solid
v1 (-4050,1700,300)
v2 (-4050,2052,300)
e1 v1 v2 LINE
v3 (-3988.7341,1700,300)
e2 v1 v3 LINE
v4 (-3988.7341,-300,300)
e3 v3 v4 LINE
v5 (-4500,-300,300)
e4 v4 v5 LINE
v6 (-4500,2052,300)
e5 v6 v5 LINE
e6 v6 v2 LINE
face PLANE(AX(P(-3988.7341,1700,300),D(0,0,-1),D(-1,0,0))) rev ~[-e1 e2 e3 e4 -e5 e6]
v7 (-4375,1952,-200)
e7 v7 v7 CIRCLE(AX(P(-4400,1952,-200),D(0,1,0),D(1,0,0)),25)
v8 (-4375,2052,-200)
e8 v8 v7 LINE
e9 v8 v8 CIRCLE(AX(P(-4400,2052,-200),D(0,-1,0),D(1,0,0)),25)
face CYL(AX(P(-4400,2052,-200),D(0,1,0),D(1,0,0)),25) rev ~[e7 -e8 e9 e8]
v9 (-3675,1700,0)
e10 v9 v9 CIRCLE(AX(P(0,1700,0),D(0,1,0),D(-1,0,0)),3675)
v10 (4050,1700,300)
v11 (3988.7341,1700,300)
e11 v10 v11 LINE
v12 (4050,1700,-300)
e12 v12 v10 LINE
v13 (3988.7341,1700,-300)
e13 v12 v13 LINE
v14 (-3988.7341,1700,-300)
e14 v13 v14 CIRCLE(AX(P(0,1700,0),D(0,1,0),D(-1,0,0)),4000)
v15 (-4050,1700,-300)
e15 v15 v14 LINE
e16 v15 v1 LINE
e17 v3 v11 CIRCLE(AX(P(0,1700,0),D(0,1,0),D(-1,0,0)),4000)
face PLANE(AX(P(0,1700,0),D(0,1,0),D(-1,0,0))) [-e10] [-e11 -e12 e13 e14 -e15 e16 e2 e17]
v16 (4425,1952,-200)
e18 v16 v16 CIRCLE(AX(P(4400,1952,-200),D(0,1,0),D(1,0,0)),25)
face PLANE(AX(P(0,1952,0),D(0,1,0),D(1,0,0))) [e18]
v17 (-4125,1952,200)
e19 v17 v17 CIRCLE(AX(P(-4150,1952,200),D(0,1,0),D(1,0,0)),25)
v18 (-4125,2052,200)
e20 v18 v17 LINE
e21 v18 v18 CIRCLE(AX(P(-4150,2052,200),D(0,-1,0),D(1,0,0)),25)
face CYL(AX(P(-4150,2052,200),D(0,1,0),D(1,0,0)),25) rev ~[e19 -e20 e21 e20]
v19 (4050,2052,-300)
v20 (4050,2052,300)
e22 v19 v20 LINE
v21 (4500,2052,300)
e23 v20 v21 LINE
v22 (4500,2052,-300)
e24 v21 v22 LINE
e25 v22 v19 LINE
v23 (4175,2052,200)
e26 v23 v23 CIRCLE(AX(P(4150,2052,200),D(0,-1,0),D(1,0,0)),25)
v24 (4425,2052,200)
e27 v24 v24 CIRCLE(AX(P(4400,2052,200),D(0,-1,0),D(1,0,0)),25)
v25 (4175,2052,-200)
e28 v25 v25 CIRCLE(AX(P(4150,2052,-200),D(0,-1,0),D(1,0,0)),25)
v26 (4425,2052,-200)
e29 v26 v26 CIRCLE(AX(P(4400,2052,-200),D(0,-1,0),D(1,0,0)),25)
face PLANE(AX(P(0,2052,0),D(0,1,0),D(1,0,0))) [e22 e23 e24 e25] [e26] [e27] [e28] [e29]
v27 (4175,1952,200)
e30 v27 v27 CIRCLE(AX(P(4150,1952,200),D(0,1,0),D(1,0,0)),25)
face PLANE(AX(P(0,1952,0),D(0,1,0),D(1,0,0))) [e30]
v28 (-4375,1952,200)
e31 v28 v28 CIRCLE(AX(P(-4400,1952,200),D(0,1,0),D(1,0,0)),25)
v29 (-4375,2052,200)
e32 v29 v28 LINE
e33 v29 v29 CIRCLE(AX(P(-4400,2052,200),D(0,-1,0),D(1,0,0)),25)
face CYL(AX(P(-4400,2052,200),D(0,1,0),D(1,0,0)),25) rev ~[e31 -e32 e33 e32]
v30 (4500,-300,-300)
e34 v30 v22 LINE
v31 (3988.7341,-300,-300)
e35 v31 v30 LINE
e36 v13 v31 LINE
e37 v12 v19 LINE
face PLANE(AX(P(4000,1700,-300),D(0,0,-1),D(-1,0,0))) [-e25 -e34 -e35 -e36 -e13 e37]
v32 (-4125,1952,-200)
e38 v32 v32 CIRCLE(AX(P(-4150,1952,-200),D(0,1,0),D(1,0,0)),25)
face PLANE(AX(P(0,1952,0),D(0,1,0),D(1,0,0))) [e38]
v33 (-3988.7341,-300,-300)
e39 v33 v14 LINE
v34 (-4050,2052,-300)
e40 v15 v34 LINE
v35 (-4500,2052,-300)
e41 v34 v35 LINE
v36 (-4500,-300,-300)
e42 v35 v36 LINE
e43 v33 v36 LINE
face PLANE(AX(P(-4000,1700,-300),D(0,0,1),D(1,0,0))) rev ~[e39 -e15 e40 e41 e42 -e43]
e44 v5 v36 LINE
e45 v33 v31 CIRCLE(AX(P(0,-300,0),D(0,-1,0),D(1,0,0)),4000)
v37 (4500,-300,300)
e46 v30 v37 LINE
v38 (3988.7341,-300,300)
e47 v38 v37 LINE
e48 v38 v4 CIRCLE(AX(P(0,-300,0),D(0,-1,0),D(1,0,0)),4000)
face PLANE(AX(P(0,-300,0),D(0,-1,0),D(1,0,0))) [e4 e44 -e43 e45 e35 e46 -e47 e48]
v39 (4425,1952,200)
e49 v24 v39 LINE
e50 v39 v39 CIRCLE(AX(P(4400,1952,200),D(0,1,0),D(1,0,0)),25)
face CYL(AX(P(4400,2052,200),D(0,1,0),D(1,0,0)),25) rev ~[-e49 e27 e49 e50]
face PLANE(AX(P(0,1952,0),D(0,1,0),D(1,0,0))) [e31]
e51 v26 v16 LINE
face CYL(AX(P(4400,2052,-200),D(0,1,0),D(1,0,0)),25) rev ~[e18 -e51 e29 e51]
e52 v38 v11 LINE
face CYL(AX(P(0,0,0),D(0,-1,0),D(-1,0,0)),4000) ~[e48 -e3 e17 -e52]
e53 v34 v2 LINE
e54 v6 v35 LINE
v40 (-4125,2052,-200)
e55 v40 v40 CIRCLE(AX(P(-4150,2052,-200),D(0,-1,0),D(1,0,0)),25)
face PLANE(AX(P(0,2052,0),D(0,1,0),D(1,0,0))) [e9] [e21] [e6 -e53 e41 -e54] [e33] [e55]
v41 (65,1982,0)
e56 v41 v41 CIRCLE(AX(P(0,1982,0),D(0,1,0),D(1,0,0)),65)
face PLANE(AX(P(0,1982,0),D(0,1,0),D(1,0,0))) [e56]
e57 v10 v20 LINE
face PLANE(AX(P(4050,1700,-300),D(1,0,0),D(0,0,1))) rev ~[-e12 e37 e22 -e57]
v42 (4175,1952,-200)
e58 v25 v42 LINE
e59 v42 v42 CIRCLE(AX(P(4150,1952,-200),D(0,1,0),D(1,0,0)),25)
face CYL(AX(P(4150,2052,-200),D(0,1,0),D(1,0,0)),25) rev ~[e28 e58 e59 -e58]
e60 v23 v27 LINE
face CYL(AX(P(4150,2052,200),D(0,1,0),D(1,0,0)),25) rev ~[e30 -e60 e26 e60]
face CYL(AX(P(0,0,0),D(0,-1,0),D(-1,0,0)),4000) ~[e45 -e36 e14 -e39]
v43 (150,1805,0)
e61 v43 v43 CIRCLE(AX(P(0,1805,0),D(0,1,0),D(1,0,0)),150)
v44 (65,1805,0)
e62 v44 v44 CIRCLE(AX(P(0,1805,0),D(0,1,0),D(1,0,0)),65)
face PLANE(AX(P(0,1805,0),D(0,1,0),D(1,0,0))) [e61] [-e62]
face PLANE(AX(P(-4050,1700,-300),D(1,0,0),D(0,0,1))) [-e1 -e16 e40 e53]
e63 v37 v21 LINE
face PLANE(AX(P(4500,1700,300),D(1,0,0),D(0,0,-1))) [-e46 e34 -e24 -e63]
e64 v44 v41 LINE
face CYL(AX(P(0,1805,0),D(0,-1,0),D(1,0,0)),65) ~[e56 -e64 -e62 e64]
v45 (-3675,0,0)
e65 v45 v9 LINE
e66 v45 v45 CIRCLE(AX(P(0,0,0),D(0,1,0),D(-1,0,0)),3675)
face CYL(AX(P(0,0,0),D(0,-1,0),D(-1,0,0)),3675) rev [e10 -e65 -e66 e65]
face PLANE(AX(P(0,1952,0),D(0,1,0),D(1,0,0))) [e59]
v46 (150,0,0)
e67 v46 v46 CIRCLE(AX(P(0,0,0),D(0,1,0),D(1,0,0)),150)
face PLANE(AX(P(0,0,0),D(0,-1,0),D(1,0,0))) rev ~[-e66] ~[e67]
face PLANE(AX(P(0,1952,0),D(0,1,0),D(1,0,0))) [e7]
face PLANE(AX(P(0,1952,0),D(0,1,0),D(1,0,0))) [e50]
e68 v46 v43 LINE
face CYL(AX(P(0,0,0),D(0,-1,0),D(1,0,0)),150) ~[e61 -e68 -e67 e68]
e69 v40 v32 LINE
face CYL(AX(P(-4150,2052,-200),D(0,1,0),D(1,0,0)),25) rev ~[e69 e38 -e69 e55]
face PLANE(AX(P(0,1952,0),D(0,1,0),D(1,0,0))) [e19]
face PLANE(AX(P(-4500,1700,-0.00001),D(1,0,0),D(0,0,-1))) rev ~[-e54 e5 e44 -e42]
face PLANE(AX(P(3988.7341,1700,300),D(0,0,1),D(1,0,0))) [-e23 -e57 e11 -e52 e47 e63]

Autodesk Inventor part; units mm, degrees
ref_plane "YZ Plane" through (0, 0, 0) normal (1, 0, 0) x (0, 1, 0)
ref_plane "XZ Plane" through (0, 0, 0) normal (0, 1, 0) x (-1, 0, 0)
ref_plane "XY Plane" through (0, 0, 0) normal (0, 0, 1) x (1, 0, 0)
sketch "Sketch1" plane through (0, 0, 0) normal (0, 1, 0) x (-1, 0, 0)
  circle A0 centre (0, 0) radius 4000 construction
  circle A1 centre (0, 0) radius 4000
  circle A2 centre (0, 0) radius 3675
  dimension "d0" = 8000
  dimension "d29" = 7350
  dimension "d30" = 8000
extrude "Extrusion1" add sketch "Sketch1" along normal blind 1700
sketch "Sketch5" plane through (0, 0, 0) normal (0, -1, 0) x (1, 0, 0)
  circle A0 centre (0, 0) radius 4000
  dimension "d31" = 8000
extrude "Extrusion5" add sketch "Sketch5" along normal blind 300
sketch "Sketch6" plane through (0, 0, 0) normal (0, 1, 0) x (1, 0, 0)
  circle A0 centre (0, 0) radius 150
  dimension "d15" = 300
extrude "Extrusion6" add sketch "Sketch6" along normal blind 1805
sketch "Sketch7" plane through (0, 1805, 0) normal (0, 1, 0) x (1, 0, 0)
  circle A0 centre (0, 0) radius 65
  dimension "d18" = 130
extrude "Extrusion7" add sketch "Sketch7" along normal blind 177
sketch "Sketch8" plane through (0, 1700, 0) normal (0, 1, 0) x (1, 0, 0)
  circle A0 centre (0, 0) radius 65 projected
  circle A1 centre (0, 0) radius 4000
  circle A2 centre (0, 0) radius 4500
  line L0 (3988.7341, -300) -> (4500, -300)
  line L1 (4500, -300) -> (4500, 300)
  line L2 (4500, 300) -> (3988.7341, 300)
  line L3 (4000, 300) -> (4000, -300)
  line L4 (4000, -300) -> (4500, 300) construction
  line L5 (4500, -300) -> (4000, 300) construction
  line L6 (0, 4500) -> (0, -5103.1646) construction
  line L7 (-3988.7341, -300) -> (-4500, -300)
  line L8 (-4500, -300) -> (-4500, 300)
  line L9 (-4500, 300) -> (-3988.7341, 300)
  line L10 (-4000, 300) -> (-4000, -300)
  line L11 (-4000, -300) -> (-4500, 300) construction
  line L12 (-4500, -300) -> (-4000, 300) construction
  point P0 (4250, 0)
  point P1 (-4250, 0)
  point P2 (-3988.7341, -300)
  point P3 (-3988.7341, 300)
  dimension "d35" = 8000
  dimension "d40" = 500
  dimension "d41" = 600
extrude "Extrusion8" add sketch "Sketch8" against normal up to surface (2000 mm away) contours L3 L0 A1 | A1 L2 L3 | L3 L2 A2 L0 | A1 L10 L9 | L7 L10 A1 | L2 L1 A2 | A2 L1 L0 | L10 L7 A2 L9 | A2 L8 L9 | L7 L8 A2
sketch "Sketch10" plane through (0, 1700, 0) normal (0, 1, 0) x (1, 0, 0)
  line L0 (-3988.7341, 300) -> (-4500, 300) projected
  line L1 (-4500, -300) -> (-3988.7341, -300) projected
  line L2 (-4500, 300) -> (-4050, 300)
  line L3 (-4050, 300) -> (-4050, -300)
  line L4 (-4050, -300) -> (-4500, -300)
  line L5 (-4500, -300) -> (-4500, 300)
  line L6 (4500, -300) -> (4500, 300) projected
  line L7 (4500, 300) -> (4050, 300)
  line L8 (4050, 300) -> (4050, -300)
  line L9 (4050, -300) -> (4500, -300)
  line L10 (4500, -300) -> (4500, 300)
  point P0 (0, 0)
  point P1 (-4050, 300)
  point P2 (-4050, 300)
  dimension "d43" = 450
  dimension "d44" = 450
extrude "Extrusion10" add sketch "Sketch10" along normal blind 352
sketch "Sketch11" plane through (0, 2052, 0) normal (0, 1, 0) x (1, 0, 0)
  line L0 (-4500, 300) -> (-4500, -300) projected
  line L1 (4050, -300) -> (4500, -300) projected
  line L2 (-4500, 300) -> (4500, 300)
  line L3 (4500, 300) -> (4500, -300)
  line L4 (4500, -300) -> (-4500, -300)
  line L5 (-4500, -300) -> (-4500, 300)
  point P0 (0, 0)
sketch "Sketch12" plane through (0, 2052, 0) normal (0, 1, 0) x (1, 0, 0)
  line L0 (-3988.7341, 300) -> (-4500, 300) projected
  line L1 (-4050, -300) -> (-3988.7341, -300) projected
  line L2 (-4500, 300) -> (-4050, 300)
  line L3 (-4050, 300) -> (-4050, -300)
  line L4 (-4050, -300) -> (-4500, -300)
  line L5 (-4500, -300) -> (-4500, 300)
  line L6 (-4400, 200) -> (-4150, 200)
  line L7 (-4150, 200) -> (-4150, -200)
  line L8 (-4150, -200) -> (-4400, -200)
  line L9 (-4400, -200) -> (-4400, 200)
  line L10 (0, 5520.4095) -> (0, -5368.8003) construction
  line L11 (3988.7341, 300) -> (4500, 300)
  line L12 (4050, -300) -> (3988.7341, -300)
  line L13 (4500, 300) -> (4050, 300)
  line L14 (4050, 300) -> (4050, -300)
  line L15 (4050, -300) -> (4500, -300)
  line L16 (4500, -300) -> (4500, 300)
  line L17 (4400, 200) -> (4150, 200)
  line L18 (4150, 200) -> (4150, -200)
  line L19 (4150, -200) -> (4400, -200)
  line L20 (4400, -200) -> (4400, 200)
  circle A0 centre (-4400, 200) radius 25
  circle A1 centre (-4150, 200) radius 25
  circle A2 centre (-4400, -200) radius 25
  circle A3 centre (-4150, -200) radius 25
  circle A4 centre (4150, 200) radius 25
  circle A5 centre (4400, 200) radius 25
  circle A6 centre (4150, -200) radius 25
  circle A7 centre (4400, -200) radius 25
  point P0 (0, 0)
  dimension "d47" = 100
  dimension "d48" = 50
  dimension "d49" = 50
  dimension "d50" = 50
  dimension "d51" = 50
  dimension "d52" = 50
  dimension "d53" = 50
  dimension "d54" = 50
  dimension "d55" = 50
extrude "Extrusion11" cut sketch "Sketch12" against normal blind 100 contours L9 A0 L6 | L6 A0 L9 | A1 L7 L6 | L6 L7 A1 | A2 L8 L9 | L9 L8 A2 | A3 L8 L7 | L7 L8 A3 | A4 L18 L17 | L17 L18 A4 | A5 L20 L17 | L17 L20 A5 | A6 L19 L18 | L18 L19 A6 | A7 L19 L20 | L20 L19 A7
properties part number "Vasca" material "Concrete"
